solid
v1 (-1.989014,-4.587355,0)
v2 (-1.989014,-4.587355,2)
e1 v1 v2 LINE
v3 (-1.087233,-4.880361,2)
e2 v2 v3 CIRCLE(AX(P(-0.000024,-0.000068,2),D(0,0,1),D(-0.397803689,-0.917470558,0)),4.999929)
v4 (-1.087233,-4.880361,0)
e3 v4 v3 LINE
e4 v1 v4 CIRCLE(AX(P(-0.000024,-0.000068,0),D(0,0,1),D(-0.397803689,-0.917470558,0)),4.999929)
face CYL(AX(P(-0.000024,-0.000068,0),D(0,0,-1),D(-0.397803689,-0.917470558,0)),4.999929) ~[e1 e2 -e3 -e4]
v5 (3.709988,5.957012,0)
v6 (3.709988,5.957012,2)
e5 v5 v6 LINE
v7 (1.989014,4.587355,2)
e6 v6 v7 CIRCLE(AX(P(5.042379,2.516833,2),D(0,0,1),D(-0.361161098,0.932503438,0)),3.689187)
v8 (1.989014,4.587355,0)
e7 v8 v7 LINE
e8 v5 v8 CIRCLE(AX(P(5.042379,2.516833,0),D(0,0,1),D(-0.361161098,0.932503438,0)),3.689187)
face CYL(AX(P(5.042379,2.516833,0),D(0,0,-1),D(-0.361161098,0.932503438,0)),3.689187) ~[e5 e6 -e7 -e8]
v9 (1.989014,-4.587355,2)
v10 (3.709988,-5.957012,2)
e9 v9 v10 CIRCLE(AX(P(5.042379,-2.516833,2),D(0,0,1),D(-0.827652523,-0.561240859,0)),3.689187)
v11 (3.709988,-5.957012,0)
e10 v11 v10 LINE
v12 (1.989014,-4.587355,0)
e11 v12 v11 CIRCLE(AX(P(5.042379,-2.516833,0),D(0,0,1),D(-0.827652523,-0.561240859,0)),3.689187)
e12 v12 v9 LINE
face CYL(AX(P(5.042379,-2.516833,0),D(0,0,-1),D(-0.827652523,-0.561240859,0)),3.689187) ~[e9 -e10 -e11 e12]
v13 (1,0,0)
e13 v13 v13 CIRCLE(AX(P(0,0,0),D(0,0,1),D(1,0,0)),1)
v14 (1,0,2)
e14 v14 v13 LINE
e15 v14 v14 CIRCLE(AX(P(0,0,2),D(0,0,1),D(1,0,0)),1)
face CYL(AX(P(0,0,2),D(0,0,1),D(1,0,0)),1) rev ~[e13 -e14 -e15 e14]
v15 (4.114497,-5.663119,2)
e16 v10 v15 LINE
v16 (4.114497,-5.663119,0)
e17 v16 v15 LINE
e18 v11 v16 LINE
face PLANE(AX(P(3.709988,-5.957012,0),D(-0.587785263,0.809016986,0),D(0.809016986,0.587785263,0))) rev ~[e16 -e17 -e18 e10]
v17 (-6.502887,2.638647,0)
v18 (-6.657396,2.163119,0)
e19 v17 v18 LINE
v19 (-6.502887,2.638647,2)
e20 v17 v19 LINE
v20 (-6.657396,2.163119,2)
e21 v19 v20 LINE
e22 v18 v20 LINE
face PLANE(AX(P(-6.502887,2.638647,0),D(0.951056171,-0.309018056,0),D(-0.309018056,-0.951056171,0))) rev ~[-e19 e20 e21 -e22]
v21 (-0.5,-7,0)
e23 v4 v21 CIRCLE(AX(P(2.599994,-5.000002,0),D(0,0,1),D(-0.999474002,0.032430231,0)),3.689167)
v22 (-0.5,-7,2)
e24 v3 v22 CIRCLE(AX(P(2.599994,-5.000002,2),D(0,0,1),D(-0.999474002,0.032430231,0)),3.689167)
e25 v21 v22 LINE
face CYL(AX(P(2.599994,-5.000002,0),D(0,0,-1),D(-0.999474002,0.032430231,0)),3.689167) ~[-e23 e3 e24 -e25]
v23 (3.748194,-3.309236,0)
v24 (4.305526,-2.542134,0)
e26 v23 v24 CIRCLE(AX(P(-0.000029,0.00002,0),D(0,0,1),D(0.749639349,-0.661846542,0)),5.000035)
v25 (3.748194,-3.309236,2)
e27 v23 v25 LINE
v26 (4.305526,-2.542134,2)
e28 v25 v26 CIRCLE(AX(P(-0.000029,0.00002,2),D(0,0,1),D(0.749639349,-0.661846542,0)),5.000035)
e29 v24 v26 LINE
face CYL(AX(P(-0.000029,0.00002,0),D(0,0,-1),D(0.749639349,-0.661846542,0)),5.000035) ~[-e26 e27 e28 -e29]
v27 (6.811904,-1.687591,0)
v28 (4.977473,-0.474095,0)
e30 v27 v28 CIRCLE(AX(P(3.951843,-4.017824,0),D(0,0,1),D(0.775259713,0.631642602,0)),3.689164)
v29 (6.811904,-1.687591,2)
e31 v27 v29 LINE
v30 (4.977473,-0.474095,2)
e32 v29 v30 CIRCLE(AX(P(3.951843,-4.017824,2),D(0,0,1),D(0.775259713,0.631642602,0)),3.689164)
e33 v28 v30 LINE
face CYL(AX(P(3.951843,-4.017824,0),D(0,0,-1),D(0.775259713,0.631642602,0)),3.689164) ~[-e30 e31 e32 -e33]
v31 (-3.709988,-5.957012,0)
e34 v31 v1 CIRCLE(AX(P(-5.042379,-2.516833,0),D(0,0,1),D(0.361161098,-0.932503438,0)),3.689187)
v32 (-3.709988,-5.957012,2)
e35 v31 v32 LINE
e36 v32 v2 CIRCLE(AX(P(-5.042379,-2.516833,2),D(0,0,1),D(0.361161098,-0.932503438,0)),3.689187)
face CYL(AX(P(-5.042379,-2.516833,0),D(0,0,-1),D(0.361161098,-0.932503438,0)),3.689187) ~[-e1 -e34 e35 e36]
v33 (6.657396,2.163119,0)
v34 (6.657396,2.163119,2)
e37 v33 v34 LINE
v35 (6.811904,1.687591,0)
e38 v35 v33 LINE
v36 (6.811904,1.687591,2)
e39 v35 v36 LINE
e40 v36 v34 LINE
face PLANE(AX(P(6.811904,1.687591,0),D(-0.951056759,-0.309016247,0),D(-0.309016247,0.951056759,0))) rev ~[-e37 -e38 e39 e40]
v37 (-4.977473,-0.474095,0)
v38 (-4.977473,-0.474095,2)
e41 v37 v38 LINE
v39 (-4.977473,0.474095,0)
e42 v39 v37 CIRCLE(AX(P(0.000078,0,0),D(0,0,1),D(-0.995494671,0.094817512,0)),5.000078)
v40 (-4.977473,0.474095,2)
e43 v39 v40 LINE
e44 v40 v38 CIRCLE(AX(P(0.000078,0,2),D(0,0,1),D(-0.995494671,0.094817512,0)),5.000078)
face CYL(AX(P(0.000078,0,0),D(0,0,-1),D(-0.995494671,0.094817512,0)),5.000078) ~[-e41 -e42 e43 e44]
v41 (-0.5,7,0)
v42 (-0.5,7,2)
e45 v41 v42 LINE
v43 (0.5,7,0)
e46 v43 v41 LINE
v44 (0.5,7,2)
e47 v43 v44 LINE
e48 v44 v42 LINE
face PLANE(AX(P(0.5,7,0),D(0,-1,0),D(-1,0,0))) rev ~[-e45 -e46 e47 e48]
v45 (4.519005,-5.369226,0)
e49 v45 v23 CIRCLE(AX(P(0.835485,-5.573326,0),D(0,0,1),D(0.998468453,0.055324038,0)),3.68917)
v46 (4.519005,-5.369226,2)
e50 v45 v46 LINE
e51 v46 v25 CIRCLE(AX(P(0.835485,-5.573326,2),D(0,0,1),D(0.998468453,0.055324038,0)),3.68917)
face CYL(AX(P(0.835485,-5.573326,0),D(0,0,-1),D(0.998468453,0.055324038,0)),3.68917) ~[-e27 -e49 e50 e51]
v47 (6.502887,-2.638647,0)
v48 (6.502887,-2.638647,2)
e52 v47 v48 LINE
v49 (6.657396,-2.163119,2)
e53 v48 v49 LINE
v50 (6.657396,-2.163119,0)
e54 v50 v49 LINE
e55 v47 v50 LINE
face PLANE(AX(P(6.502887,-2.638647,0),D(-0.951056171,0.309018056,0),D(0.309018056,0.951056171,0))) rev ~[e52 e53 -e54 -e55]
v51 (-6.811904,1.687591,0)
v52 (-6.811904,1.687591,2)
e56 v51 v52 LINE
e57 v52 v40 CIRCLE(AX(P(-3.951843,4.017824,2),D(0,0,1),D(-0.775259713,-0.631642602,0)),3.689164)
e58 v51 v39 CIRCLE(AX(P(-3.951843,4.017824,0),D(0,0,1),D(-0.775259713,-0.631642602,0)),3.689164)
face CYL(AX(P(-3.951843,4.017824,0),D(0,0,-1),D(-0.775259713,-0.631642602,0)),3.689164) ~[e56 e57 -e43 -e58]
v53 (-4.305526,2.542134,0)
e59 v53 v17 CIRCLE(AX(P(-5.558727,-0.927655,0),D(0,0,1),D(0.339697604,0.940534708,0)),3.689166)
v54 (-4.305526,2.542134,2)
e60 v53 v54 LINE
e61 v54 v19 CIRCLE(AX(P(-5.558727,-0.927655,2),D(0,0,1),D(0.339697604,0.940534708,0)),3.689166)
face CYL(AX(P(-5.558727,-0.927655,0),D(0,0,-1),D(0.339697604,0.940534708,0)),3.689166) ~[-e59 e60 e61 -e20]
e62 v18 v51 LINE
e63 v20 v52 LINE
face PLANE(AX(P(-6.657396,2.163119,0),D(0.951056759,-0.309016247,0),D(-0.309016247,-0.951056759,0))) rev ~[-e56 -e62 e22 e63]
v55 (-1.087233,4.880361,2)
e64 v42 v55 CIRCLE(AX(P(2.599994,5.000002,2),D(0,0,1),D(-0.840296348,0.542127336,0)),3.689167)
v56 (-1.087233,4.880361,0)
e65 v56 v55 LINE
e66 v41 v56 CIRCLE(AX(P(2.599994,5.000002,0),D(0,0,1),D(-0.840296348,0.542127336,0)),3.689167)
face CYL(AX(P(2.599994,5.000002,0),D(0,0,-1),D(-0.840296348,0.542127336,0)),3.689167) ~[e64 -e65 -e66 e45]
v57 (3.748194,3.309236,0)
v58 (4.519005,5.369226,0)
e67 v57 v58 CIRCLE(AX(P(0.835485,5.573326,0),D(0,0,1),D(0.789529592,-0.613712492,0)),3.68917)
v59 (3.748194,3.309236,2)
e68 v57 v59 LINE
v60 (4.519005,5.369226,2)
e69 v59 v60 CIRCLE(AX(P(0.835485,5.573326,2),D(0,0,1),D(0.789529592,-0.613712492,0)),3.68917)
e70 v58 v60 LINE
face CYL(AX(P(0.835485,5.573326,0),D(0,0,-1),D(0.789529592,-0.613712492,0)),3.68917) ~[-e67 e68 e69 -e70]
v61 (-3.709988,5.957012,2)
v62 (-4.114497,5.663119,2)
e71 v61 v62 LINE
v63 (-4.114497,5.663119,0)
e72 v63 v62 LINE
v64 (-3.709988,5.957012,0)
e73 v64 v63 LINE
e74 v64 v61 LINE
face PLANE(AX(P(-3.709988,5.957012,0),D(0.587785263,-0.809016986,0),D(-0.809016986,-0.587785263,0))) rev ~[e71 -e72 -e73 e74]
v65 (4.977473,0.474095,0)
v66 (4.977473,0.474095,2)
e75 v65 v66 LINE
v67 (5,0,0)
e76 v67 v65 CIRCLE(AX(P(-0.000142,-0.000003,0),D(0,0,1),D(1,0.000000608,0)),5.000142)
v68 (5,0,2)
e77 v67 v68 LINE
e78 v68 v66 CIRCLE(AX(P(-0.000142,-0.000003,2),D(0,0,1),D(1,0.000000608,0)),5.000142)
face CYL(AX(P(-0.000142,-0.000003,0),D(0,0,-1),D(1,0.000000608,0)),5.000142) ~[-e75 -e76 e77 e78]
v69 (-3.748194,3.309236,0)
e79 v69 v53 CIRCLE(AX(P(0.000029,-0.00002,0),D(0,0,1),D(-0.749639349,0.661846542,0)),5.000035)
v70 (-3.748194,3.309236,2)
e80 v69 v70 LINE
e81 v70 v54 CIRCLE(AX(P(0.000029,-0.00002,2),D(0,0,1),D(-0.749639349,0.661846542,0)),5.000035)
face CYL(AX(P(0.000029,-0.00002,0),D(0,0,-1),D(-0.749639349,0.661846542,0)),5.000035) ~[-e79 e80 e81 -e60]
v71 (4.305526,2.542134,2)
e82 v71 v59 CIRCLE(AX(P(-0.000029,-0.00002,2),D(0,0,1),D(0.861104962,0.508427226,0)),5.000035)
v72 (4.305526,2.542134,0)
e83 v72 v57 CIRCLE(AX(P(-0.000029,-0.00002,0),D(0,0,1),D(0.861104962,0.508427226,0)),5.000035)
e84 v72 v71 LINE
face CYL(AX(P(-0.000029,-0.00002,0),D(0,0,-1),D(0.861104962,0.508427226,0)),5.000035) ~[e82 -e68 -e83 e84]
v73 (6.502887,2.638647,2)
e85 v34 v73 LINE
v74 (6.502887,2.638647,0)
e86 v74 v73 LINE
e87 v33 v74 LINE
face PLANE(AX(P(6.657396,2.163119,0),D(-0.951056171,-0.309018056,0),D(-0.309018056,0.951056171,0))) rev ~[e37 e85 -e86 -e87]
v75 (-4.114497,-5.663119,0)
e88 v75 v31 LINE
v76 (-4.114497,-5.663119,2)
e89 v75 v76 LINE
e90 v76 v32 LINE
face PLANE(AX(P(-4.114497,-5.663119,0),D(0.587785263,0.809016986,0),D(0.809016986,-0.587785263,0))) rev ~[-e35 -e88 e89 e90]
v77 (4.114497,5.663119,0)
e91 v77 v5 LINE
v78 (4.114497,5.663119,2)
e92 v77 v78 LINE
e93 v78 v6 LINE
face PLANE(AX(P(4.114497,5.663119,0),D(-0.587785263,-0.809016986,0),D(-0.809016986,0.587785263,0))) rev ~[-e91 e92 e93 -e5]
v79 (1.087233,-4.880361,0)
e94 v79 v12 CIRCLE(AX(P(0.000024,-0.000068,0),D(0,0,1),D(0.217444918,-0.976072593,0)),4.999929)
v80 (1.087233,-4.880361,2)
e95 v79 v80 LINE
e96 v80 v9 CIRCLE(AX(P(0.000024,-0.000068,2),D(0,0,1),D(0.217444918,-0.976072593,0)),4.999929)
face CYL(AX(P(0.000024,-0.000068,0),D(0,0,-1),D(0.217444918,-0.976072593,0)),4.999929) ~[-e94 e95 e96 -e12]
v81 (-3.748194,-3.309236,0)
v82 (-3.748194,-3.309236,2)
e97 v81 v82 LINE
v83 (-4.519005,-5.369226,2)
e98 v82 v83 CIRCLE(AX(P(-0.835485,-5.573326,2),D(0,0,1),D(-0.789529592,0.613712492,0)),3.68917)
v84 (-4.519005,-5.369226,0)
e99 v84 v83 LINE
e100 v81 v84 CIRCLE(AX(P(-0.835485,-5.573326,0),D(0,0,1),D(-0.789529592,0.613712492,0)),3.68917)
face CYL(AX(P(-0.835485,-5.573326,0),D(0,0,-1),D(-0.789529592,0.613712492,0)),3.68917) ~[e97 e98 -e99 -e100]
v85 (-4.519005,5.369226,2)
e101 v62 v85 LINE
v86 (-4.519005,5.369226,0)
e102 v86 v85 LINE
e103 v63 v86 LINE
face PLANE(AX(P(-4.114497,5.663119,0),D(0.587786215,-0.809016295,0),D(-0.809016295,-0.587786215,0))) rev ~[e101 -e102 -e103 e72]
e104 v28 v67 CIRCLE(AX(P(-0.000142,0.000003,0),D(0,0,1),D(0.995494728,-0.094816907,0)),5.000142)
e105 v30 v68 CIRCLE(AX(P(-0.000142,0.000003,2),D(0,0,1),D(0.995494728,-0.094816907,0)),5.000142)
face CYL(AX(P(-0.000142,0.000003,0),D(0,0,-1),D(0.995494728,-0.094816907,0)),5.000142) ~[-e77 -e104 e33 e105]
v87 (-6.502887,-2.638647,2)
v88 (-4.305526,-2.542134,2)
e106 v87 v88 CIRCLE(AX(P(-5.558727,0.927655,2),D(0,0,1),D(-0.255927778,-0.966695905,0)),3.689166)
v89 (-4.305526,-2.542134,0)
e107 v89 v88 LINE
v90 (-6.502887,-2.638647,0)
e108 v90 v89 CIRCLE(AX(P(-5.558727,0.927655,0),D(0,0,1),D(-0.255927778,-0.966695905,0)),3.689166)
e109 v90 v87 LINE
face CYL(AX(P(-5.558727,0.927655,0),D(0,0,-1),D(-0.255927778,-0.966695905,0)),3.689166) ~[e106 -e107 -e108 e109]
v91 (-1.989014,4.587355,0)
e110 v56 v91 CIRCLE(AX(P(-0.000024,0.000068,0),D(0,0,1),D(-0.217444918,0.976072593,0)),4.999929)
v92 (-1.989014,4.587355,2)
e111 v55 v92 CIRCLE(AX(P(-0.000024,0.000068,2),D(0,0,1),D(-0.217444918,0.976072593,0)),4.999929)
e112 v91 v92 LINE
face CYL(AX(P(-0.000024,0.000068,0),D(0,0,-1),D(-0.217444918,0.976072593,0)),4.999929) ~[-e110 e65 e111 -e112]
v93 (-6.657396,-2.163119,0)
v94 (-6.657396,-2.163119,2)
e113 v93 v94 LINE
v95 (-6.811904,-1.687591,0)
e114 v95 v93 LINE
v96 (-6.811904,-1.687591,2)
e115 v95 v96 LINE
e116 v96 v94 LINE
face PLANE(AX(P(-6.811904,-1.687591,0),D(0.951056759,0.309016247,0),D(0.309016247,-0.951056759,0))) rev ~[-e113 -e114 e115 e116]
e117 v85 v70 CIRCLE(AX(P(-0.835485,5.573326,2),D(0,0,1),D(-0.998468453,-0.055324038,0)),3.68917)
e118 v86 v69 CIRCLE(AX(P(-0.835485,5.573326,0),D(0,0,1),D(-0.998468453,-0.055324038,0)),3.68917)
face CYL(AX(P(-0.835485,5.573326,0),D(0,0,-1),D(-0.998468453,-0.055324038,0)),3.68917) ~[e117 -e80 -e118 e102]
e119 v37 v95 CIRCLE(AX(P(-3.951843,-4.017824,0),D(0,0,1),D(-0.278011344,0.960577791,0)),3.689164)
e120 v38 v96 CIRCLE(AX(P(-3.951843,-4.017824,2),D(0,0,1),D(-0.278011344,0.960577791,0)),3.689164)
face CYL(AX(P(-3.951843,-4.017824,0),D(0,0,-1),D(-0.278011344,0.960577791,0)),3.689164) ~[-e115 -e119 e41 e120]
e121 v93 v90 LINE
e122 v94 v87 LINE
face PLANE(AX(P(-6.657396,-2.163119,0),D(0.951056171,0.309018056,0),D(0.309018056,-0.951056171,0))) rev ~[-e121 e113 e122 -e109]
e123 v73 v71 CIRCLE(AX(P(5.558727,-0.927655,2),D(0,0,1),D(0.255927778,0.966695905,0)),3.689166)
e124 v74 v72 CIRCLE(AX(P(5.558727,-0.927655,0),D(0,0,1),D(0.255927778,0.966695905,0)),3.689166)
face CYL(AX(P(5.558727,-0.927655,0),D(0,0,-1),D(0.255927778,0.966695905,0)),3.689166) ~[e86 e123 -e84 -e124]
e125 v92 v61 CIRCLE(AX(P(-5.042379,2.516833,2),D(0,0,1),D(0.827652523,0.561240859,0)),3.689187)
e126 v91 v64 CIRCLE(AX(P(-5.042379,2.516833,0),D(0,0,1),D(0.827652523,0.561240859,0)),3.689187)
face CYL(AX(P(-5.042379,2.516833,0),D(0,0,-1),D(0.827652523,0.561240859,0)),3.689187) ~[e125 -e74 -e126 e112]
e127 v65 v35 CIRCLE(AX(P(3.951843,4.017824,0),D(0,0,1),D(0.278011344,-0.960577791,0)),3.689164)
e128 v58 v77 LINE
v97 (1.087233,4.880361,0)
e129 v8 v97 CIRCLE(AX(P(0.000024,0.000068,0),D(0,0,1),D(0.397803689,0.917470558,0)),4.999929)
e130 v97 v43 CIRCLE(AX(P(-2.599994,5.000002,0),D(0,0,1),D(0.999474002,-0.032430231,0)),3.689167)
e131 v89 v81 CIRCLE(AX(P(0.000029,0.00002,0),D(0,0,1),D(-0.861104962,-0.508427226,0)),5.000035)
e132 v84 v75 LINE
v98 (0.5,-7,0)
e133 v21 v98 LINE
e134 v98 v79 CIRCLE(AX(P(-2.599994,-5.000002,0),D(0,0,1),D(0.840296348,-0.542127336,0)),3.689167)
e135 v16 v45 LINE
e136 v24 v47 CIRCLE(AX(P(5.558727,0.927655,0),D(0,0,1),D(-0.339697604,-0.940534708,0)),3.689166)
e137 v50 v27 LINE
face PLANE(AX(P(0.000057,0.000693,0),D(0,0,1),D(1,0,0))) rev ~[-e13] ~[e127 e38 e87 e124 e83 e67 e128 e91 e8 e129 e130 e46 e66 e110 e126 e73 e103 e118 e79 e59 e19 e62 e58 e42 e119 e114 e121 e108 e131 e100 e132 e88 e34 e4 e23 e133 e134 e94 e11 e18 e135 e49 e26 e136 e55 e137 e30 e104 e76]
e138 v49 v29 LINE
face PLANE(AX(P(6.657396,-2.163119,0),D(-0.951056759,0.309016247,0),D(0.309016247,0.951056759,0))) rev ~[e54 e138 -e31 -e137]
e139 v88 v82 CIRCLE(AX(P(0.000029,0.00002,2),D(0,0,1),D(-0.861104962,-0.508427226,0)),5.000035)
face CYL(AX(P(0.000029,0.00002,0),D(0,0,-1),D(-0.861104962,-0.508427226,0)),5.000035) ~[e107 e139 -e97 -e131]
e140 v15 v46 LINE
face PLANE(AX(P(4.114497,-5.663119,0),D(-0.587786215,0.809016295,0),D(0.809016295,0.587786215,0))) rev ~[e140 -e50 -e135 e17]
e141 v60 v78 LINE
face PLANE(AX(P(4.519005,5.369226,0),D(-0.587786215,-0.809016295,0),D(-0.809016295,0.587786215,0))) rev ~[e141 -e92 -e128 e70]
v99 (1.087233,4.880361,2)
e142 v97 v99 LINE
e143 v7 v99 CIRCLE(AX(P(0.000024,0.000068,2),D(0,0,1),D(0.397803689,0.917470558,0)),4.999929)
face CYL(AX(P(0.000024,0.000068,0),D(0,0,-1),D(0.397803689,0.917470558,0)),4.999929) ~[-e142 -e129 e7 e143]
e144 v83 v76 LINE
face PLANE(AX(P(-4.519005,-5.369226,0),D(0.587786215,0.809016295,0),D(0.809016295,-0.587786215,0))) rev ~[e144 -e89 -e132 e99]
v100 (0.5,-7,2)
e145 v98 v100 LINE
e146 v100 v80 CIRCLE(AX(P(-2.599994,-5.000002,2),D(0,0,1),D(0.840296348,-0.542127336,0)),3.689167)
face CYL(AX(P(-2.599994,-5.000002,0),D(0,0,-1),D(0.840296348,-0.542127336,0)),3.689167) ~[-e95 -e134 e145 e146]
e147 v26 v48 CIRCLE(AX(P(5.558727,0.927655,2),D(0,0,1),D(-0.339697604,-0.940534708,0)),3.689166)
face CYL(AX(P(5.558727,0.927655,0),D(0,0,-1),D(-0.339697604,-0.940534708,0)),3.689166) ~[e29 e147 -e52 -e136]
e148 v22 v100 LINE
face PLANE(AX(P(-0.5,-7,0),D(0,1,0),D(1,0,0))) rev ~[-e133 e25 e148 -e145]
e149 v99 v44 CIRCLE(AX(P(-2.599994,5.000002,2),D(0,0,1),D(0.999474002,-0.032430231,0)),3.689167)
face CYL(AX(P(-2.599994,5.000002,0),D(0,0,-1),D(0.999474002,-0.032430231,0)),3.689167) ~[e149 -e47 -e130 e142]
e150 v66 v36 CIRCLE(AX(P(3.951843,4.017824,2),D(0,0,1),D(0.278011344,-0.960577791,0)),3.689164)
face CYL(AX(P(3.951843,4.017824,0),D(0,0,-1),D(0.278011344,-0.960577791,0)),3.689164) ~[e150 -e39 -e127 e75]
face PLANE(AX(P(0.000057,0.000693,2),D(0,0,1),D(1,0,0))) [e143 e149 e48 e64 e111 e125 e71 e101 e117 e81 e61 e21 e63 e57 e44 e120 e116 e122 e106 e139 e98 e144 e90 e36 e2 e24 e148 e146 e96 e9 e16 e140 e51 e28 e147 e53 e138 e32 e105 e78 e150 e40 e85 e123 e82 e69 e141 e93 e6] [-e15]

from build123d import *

# Parameters (mm, degrees)
F1_DEPTH = 2
F2_R     = 1
F3_DEPTH = 2.001


with BuildPart() as f1:
    # F0 (on Top) → F1 (new body)
    with BuildSketch(Plane.XY):
        with BuildLine():
            ThreePointArc((4.977473, -0.474095), (4.994365, -0.237315), (5, 0))
            ThreePointArc((5, 0), (4.994365, 0.237315), (4.977473, 0.474095))
            ThreePointArc((4.977473, 0.474095), (4.755283, 1.545085), (4.305526, 2.542134))
            ThreePointArc((4.305526, 2.542134), (4.045085, 2.938926), (3.748194, 3.309236))
            ThreePointArc((3.748194, 3.309236), (2.938926, 4.045085), (1.989014, 4.587355))
            ThreePointArc((1.989014, 4.587355), (1.545085, 4.755283), (1.087233, 4.880361))
            ThreePointArc((1.087233, 4.880361), (0.546898, 4.97), (0, 5))
            ThreePointArc((0, 5), (-0.546898, 4.97), (-1.087233, 4.880361))
            ThreePointArc((-1.087233, 4.880361), (-1.545085, 4.755283), (-1.989014, 4.587355))
            ThreePointArc((-1.989014, 4.587355), (-2.938926, 4.045085), (-3.748194, 3.309236))
            ThreePointArc((-3.748194, 3.309236), (-4.045085, 2.938926), (-4.305526, 2.542134))
            ThreePointArc((-4.305526, 2.542134), (-4.755283, 1.545085), (-4.977473, 0.474095))
            ThreePointArc((-4.977473, 0.474095), (-5, 0), (-4.977473, -0.474095))
            ThreePointArc((-4.977473, -0.474095), (-4.755283, -1.545085), (-4.305526, -2.542134))
            ThreePointArc((-4.305526, -2.542134), (-4.045085, -2.938926), (-3.748194, -3.309236))
            ThreePointArc((-3.748194, -3.309236), (-2.938926, -4.045085), (-1.989014, -4.587355))
            ThreePointArc((-1.989014, -4.587355), (-1.545085, -4.755283), (-1.087233, -4.880361))
            ThreePointArc((-1.087233, -4.880361), (0, -5), (1.087233, -4.880361))
            ThreePointArc((1.087233, -4.880361), (1.545085, -4.755283), (1.989014, -4.587355))
            ThreePointArc((1.989014, -4.587355), (2.938926, -4.045085), (3.748194, -3.309236))
            ThreePointArc((3.748194, -3.309236), (4.045085, -2.938926), (4.305526, -2.542134))
            ThreePointArc((4.305526, -2.542134), (4.755283, -1.545085), (4.977473, -0.474095))
        make_face()
        with BuildLine():
            ThreePointArc((4.305526, 2.542134), (4.755283, 1.545085), (4.977473, 0.474095))
            ThreePointArc((4.977473, 0.474095), (5.987228, 0.940952), (6.811904, 1.687591))
            Line((6.811904, 1.687591), (6.657396, 2.163119))
            Line((6.657396, 2.163119), (6.502887, 2.638647))
            ThreePointArc((6.502887, 2.638647), (5.396847, 2.757958), (4.305526, 2.542134))
        make_face()
        with BuildLine():
            ThreePointArc((6.811904, -1.687591), (5.987228, -0.940952), (4.977473, -0.474095))
            ThreePointArc((4.977473, -0.474095), (4.755283, -1.545085), (4.305526, -2.542134))
            ThreePointArc((4.305526, -2.542134), (5.396847, -2.757958), (6.502887, -2.638647))
            Line((6.502887, -2.638647), (6.657396, -2.163119))
            Line((6.657396, -2.163119), (6.811904, -1.687591))
        make_face()
        with BuildLine():
            ThreePointArc((1.989014, 4.587355), (2.938926, 4.045085), (3.748194, 3.309236))
            ThreePointArc((3.748194, 3.309236), (4.290691, 4.28045), (4.519005, 5.369226))
            Line((4.519005, 5.369226), (4.114497, 5.663119))
            Line((4.114497, 5.663119), (3.709988, 5.957012))
            ThreePointArc((3.709988, 5.957012), (2.745054, 5.403422), (1.989014, 4.587355))
        make_face()
        with BuildLine():
            ThreePointArc((4.519005, -5.369226), (4.290691, -4.28045), (3.748194, -3.309236))
            ThreePointArc((3.748194, -3.309236), (2.938926, -4.045085), (1.989014, -4.587355))
            ThreePointArc((1.989014, -4.587355), (2.745054, -5.403422), (3.709988, -5.957012))
            Line((3.709988, -5.957012), (4.114497, -5.663119))
            Line((4.114497, -5.663119), (4.519005, -5.369226))
        make_face()
        with BuildLine():
            ThreePointArc((0, 5), (0.546898, 4.97), (1.087233, 4.880361))
            ThreePointArc((1.087233, 4.880361), (0.955257, 5.984962), (0.5, 7))
            Line((0.5, 7), (0, 7))
            Line((0, 7), (0, 5))
        make_face()
        with BuildLine():
            ThreePointArc((0.5, -7), (0.955257, -5.984962), (1.087233, -4.880361))
            ThreePointArc((1.087233, -4.880361), (0, -5), (-1.087233, -4.880361))
            ThreePointArc((-1.087233, -4.880361), (-0.955257, -5.984962), (-0.5, -7))
            Line((-0.5, -7), (0, -7))
            Line((0, -7), (0.5, -7))
        make_face()
        with BuildLine():
            ThreePointArc((-1.087233, 4.880361), (-0.546898, 4.97), (0, 5))
            Line((0, 5), (0, 7))
            Line((0, 7), (-0.5, 7))
            ThreePointArc((-0.5, 7), (-0.955257, 5.984962), (-1.087233, 4.880361))
        make_face()
        with BuildLine():
            ThreePointArc((-3.709988, -5.957012), (-2.745054, -5.403422), (-1.989014, -4.587355))
            ThreePointArc((-1.989014, -4.587355), (-2.938926, -4.045085), (-3.748194, -3.309236))
            ThreePointArc((-3.748194, -3.309236), (-4.290691, -4.28045), (-4.519005, -5.369226))
            Line((-4.519005, -5.369226), (-4.114497, -5.663119))
            Line((-4.114497, -5.663119), (-3.709988, -5.957012))
        make_face()
        with BuildLine():
            ThreePointArc((-3.748194, 3.309236), (-2.938926, 4.045085), (-1.989014, 4.587355))
            ThreePointArc((-1.989014, 4.587355), (-2.745054, 5.403422), (-3.709988, 5.957012))
            Line((-3.709988, 5.957012), (-4.114497, 5.663119))
            Line((-4.114497, 5.663119), (-4.519005, 5.369226))
            ThreePointArc((-4.519005, 5.369226), (-4.290691, 4.28045), (-3.748194, 3.309236))
        make_face()
        with BuildLine():
            ThreePointArc((-6.502887, -2.638647), (-5.396847, -2.757958), (-4.305526, -2.542134))
            ThreePointArc((-4.305526, -2.542134), (-4.755283, -1.545085), (-4.977473, -0.474095))
            ThreePointArc((-4.977473, -0.474095), (-5.987228, -0.940952), (-6.811904, -1.687591))
            Line((-6.811904, -1.687591), (-6.657396, -2.163119))
            Line((-6.657396, -2.163119), (-6.502887, -2.638647))
        make_face()
        with BuildLine():
            ThreePointArc((-4.977473, 0.474095), (-4.755283, 1.545085), (-4.305526, 2.542134))
            ThreePointArc((-4.305526, 2.542134), (-5.396847, 2.757958), (-6.502887, 2.638647))
            Line((-6.502887, 2.638647), (-6.657396, 2.163119))
            Line((-6.657396, 2.163119), (-6.811904, 1.687591))
            ThreePointArc((-6.811904, 1.687591), (-5.987228, 0.940952), (-4.977473, 0.474095))
        make_face()
    extrude(amount=F1_DEPTH)

    # F2 (on face) → F3 (cut, through all)
    with BuildSketch(Plane.XY.offset(2)):
        Circle(F2_R)
    extrude(amount=-F3_DEPTH, mode=Mode.SUBTRACT)


solid = f1.part
